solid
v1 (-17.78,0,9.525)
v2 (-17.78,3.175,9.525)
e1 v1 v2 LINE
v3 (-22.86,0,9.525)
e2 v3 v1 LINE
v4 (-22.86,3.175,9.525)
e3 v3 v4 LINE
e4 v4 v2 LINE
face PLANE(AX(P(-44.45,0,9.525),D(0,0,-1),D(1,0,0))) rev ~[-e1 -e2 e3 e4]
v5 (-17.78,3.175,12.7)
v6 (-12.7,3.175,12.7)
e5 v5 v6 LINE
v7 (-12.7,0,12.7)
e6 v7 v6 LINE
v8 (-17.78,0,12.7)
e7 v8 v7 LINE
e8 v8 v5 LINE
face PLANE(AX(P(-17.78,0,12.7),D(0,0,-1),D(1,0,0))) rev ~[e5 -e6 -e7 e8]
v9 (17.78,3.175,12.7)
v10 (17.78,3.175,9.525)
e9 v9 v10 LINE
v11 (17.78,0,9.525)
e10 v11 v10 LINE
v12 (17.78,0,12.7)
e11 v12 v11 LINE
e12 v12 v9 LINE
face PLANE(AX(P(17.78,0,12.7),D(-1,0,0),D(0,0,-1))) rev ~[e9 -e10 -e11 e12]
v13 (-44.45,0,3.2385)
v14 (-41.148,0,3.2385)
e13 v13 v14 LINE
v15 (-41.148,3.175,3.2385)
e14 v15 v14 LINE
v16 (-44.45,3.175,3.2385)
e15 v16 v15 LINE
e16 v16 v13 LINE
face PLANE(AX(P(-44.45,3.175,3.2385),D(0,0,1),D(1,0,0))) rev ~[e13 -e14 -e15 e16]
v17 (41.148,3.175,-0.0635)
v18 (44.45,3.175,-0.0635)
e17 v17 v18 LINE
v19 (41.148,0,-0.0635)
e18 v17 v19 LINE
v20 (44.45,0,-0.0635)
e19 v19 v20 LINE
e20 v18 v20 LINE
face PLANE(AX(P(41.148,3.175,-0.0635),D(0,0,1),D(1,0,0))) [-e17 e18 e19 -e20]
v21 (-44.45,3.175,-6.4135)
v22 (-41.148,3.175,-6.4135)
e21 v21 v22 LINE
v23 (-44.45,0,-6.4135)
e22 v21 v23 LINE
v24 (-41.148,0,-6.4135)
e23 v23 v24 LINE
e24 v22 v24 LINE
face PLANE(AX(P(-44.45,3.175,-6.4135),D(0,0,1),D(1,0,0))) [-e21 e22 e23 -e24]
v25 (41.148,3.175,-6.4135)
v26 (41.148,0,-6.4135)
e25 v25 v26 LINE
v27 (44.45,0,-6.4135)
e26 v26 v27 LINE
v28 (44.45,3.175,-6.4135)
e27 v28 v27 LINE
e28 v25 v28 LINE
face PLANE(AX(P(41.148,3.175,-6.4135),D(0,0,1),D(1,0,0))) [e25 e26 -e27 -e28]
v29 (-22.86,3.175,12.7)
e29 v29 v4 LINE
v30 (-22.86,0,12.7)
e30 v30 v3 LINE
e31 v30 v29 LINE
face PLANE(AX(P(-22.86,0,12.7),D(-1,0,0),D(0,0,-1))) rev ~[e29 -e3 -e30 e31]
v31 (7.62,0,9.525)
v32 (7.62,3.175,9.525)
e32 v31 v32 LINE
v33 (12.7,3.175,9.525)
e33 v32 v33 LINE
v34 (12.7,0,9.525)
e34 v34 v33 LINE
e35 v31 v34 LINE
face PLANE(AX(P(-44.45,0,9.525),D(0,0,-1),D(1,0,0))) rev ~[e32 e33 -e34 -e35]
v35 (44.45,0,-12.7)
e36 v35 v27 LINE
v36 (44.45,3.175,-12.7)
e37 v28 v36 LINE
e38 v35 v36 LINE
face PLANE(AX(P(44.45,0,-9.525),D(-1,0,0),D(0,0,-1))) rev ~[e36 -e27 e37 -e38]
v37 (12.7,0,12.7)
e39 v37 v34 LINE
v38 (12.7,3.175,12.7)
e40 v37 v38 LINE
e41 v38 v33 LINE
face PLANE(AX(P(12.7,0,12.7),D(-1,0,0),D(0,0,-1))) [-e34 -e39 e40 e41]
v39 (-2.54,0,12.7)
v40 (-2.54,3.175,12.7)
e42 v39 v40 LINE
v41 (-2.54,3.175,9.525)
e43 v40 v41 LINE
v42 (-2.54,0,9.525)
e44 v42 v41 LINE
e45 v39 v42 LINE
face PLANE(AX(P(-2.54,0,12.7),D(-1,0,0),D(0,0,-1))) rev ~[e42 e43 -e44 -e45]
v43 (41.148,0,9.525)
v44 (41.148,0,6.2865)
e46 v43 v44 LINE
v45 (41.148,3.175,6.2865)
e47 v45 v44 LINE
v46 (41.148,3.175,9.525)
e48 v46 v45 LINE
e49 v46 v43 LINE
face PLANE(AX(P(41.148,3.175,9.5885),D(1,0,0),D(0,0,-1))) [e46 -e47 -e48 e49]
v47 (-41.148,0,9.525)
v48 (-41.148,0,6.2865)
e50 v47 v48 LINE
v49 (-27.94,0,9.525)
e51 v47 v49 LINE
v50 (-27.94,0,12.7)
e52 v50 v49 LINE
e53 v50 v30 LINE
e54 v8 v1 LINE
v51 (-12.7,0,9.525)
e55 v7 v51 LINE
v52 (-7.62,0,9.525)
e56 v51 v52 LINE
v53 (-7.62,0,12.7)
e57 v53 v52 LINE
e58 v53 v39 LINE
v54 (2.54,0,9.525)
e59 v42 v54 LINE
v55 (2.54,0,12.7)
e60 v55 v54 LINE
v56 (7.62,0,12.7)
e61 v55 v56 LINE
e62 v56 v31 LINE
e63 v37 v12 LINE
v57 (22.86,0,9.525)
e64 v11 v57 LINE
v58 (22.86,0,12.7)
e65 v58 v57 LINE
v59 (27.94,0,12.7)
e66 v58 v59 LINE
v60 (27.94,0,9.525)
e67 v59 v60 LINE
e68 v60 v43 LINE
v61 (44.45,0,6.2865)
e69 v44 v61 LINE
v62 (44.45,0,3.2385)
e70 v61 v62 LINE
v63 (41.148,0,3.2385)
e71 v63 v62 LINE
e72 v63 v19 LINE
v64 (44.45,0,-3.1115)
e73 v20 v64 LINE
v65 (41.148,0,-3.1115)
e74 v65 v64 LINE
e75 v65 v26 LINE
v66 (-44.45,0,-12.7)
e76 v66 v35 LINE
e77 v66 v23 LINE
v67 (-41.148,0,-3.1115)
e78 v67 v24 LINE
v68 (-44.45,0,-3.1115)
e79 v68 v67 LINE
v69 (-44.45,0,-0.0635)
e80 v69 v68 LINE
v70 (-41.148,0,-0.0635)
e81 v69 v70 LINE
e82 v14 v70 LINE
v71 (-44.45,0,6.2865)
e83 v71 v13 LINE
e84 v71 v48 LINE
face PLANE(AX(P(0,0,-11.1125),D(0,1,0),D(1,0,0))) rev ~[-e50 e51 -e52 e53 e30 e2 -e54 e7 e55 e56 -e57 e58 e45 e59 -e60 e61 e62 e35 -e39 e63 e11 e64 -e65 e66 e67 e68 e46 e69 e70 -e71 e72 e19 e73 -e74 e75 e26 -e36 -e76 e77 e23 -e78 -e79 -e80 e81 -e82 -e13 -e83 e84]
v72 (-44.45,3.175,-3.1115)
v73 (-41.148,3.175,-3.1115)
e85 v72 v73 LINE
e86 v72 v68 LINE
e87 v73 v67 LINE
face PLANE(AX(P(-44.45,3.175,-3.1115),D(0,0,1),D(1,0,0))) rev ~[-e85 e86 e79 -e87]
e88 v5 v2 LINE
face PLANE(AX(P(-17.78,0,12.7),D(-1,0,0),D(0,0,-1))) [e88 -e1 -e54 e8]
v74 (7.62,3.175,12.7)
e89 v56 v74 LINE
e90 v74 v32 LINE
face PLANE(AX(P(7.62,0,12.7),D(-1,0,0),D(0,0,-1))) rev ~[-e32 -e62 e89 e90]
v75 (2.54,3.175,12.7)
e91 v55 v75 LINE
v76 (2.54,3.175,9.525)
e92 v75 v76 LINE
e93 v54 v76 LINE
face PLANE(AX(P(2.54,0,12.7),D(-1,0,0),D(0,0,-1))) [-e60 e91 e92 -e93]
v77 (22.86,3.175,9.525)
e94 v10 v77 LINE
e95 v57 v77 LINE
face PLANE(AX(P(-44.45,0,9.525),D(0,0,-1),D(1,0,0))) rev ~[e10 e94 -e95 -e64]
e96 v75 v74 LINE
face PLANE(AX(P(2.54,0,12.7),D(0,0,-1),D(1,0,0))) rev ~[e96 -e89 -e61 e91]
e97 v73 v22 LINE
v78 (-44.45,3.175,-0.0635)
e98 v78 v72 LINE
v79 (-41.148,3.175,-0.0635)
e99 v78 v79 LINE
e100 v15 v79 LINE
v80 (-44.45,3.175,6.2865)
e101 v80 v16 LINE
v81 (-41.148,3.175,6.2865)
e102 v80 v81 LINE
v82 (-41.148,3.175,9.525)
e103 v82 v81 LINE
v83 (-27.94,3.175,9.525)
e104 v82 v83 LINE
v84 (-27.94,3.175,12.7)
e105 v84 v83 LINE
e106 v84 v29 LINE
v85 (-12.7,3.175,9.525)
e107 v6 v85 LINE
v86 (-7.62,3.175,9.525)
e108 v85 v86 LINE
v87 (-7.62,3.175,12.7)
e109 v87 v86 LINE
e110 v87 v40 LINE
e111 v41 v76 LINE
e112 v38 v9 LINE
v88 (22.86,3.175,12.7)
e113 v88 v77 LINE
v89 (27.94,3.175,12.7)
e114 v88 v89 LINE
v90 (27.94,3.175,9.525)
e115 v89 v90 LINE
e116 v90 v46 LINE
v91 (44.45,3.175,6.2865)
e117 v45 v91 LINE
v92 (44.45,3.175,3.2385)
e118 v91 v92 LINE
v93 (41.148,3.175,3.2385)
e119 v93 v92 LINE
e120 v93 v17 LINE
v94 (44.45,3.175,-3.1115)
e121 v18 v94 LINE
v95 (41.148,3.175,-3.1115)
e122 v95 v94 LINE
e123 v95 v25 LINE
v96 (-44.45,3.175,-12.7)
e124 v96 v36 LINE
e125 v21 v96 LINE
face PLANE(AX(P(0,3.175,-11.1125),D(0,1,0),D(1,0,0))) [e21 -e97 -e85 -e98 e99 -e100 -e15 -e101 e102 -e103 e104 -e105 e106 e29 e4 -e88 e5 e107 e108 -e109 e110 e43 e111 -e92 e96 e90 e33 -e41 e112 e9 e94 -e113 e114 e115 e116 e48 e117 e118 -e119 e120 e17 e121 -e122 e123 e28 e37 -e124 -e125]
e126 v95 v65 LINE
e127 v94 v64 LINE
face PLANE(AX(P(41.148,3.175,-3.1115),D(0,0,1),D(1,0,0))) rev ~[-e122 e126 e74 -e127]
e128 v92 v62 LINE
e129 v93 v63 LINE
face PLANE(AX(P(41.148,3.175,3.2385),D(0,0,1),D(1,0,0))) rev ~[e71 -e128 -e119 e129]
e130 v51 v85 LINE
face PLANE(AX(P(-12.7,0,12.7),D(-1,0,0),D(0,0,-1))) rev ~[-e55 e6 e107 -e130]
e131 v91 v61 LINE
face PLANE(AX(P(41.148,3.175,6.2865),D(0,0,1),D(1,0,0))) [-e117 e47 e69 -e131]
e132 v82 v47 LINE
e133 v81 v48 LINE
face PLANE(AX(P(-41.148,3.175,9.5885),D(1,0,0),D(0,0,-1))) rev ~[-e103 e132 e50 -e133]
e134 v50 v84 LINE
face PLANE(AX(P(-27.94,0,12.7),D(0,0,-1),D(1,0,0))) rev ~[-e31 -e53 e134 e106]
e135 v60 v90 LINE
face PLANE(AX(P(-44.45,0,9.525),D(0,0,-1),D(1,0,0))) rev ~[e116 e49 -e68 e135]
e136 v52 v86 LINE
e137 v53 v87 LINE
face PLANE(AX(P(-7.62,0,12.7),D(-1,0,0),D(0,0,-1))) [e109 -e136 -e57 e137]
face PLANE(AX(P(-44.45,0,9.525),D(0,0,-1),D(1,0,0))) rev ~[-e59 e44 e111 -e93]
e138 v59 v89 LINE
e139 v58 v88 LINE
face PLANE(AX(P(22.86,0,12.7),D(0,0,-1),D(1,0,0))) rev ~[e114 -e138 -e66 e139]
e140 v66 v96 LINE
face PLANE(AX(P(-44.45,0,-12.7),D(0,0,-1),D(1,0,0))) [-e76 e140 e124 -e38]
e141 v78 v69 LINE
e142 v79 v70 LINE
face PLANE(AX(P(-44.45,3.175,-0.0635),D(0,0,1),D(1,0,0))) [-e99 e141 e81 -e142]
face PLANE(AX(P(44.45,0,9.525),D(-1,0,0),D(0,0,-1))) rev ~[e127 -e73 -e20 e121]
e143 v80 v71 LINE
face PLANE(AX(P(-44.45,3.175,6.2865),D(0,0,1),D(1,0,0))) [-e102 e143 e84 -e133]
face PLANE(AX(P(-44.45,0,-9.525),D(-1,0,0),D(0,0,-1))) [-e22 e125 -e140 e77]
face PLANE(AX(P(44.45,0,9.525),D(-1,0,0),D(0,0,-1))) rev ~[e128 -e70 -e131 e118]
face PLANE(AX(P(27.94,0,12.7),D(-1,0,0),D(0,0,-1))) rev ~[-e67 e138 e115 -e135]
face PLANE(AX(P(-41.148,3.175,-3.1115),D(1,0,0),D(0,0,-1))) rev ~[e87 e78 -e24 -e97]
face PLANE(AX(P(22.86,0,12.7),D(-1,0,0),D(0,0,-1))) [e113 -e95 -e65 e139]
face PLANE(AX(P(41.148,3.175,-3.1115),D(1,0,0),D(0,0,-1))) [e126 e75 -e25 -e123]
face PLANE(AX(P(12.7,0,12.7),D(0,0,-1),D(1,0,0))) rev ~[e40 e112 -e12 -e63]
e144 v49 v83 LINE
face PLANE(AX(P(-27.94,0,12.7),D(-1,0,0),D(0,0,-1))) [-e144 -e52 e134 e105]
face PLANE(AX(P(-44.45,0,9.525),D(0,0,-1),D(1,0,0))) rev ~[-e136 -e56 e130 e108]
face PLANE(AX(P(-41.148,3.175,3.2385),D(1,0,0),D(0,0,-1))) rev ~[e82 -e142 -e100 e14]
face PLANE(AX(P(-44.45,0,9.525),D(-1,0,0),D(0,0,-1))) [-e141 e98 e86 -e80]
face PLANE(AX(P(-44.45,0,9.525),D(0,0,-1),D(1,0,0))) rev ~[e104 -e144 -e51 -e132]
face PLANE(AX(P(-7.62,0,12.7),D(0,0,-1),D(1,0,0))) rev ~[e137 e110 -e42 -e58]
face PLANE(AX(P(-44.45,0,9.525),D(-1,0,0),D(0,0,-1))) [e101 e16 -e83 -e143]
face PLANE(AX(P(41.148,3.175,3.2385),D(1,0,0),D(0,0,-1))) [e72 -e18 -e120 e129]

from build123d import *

# Parameters (mm, degrees)
SKETCH1_W           = 88.9
SKETCH1_H           = 19.05
BOSS_EXTRUDE1_DEPTH = 3.175
SKETCH2_W           = 3.302
SKETCH2_H           = 3.302
CUT_EXTRUDE1_DEPTH  = 46.5698228
SKETCH3_W           = 5.08
SKETCH3_H           = 3.175
SKETCH3_W_2         = 88.9
BOSS_EXTRUDE2_DEPTH = 3.175


with BuildPart() as part:
    # Sketch1 → Boss-Extrude1 (new body)
    with BuildSketch(Plane(origin=(0, 0, 0), x_dir=(1, 0, 0), z_dir=(0, 1, 0))):
        Rectangle(SKETCH1_W, SKETCH1_H)
    extrude(amount=BOSS_EXTRUDE1_DEPTH)

    # Sketch2 → Cut-Extrude1 (cut, through all)
    with BuildSketch(Plane(origin=(0, 3.175, 0), x_dir=(1, 0, 0), z_dir=(0, 1, 0))):
        with Locations((-42.799, 4.7625)):
            Rectangle(SKETCH2_W, SKETCH2_H)
        with Locations((-42.799, -1.5875)):
            Rectangle(SKETCH2_W, SKETCH2_H)
        with Locations((-42.799, -7.9375)):
            Rectangle(SKETCH2_W, SKETCH2_H)
        with Locations((42.799, -7.9375)):
            Rectangle(SKETCH2_W, SKETCH2_H)
        with Locations((42.799, -1.5875)):
            Rectangle(SKETCH2_W, SKETCH2_H)
        with Locations((42.799, 4.7625)):
            Rectangle(SKETCH2_W, SKETCH2_H)
    extrude(amount=-CUT_EXTRUDE1_DEPTH, mode=Mode.SUBTRACT)

    # Sketch3 → Boss-Extrude2 (add)
    with BuildSketch(Plane(origin=(0, 0, 0), x_dir=(1, 0, 0), z_dir=(0, 1, 0))):
        with Locations((-25.4, -11.1125)):
            Rectangle(SKETCH3_W, SKETCH3_H)
        with Locations((-15.24, -11.1125)):
            Rectangle(SKETCH3_W, SKETCH3_H)
        with Locations((0, 11.1125)):
            Rectangle(SKETCH3_W_2, SKETCH3_H)
        with Locations((-5.08, -11.1125)):
            Rectangle(SKETCH3_W, SKETCH3_H)
        with Locations((5.08, -11.1125)):
            Rectangle(SKETCH3_W, SKETCH3_H)
        with Locations((15.24, -11.1125)):
            Rectangle(SKETCH3_W, SKETCH3_H)
        with Locations((25.4, -11.1125)):
            Rectangle(SKETCH3_W, SKETCH3_H)
    extrude(amount=BOSS_EXTRUDE2_DEPTH)


solid = part.part
